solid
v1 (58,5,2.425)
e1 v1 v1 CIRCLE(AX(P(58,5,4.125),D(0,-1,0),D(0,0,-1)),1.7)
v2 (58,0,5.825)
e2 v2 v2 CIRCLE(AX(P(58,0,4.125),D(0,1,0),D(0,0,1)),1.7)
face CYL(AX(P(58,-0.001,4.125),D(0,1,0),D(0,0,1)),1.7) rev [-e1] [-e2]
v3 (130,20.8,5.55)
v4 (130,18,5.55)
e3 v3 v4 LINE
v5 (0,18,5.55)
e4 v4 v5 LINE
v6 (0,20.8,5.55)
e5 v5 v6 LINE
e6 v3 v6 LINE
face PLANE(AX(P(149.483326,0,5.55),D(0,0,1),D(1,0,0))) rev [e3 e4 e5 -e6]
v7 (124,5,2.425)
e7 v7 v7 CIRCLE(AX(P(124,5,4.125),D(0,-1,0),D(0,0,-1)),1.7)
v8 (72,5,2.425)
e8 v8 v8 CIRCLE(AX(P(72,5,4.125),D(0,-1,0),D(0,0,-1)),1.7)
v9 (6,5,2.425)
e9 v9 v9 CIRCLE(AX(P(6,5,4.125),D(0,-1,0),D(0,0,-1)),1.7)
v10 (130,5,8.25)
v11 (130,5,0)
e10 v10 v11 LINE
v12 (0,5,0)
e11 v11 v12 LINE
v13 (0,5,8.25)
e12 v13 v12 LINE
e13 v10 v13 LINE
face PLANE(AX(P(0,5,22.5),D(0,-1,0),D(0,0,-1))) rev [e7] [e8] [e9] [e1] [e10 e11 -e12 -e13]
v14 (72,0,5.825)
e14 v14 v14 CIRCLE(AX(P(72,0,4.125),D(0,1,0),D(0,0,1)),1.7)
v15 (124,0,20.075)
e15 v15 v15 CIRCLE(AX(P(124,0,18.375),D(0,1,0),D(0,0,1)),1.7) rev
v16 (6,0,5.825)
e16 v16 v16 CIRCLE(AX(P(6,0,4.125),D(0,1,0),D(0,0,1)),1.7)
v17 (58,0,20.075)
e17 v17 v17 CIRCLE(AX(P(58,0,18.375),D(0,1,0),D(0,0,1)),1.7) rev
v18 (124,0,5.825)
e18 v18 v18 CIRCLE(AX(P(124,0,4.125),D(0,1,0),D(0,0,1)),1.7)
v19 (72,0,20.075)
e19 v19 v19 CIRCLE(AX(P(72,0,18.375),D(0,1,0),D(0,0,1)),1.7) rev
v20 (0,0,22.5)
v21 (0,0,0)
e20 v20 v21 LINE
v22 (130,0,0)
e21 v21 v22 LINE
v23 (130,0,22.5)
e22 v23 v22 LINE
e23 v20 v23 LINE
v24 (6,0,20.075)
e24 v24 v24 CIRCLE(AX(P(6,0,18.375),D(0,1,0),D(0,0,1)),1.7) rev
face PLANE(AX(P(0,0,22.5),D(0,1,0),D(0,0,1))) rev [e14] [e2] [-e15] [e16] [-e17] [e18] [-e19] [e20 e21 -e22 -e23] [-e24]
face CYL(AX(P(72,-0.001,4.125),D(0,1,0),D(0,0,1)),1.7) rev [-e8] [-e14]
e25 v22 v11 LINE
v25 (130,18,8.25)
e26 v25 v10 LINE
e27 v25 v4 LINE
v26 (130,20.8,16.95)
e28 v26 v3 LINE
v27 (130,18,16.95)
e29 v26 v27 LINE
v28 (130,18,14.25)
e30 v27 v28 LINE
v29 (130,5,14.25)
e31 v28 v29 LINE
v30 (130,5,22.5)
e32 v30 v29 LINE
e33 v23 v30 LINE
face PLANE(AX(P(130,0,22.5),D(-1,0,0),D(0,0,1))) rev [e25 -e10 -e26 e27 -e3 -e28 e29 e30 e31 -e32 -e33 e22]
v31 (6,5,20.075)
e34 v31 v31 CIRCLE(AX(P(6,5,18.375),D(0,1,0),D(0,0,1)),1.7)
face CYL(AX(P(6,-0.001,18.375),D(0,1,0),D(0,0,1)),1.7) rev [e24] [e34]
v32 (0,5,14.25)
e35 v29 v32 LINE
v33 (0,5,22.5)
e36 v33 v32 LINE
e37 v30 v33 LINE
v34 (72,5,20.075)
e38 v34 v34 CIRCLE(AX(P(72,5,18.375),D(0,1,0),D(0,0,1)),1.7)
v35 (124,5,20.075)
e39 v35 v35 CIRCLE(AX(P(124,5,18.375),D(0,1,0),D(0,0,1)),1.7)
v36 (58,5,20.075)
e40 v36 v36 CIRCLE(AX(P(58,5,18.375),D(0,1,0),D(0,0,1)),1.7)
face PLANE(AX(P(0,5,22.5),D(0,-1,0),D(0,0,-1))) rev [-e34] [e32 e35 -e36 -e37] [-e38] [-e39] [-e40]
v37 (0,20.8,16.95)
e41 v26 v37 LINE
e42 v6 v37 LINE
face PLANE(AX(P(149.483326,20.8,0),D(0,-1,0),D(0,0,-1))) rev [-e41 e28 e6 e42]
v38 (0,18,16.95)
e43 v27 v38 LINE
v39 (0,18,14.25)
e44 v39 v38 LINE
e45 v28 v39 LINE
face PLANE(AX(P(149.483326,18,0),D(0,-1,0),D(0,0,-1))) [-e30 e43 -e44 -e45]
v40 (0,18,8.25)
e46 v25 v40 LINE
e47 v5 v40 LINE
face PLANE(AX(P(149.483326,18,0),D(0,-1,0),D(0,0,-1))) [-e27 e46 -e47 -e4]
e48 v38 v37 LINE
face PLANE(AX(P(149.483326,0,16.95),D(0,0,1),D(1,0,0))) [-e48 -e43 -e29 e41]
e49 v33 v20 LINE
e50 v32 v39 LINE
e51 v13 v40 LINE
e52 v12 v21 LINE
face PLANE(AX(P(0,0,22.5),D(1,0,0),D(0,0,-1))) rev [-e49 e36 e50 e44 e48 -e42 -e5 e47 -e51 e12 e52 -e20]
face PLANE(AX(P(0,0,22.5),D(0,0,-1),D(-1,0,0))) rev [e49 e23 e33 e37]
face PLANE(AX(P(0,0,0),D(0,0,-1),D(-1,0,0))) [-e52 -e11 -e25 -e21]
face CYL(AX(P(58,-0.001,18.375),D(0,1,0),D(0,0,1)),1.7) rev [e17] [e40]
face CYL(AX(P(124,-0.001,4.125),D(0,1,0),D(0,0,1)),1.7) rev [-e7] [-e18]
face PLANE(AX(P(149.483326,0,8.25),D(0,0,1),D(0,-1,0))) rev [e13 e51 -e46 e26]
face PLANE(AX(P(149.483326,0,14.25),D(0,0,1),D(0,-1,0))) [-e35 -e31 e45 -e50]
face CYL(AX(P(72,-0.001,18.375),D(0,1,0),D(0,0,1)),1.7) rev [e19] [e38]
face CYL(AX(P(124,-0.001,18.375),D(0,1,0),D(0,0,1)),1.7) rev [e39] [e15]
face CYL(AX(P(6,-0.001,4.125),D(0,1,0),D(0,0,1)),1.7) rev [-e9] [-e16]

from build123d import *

# Parameters (mm, degrees)
SKETCH1_W           = 130
SKETCH1_H           = 5
BOSS_EXTRUDE1_DEPTH = 22.5
SKETCH3_W           = 3
SKETCH3_H           = 3
SKETCH3_H_2         = 10
BOSS_EXTRUDE2_DEPTH = 130
CUT_EXTRUDE1_REACH  = 134.875
SKETCH4_R           = 1.7


with BuildPart() as part:
    # Sketch1 → Boss-Extrude1 (new body)
    with BuildSketch(Plane.XY):
        with Locations((65, 2.5)):
            Rectangle(SKETCH1_W, SKETCH1_H)
    extrude(amount=BOSS_EXTRUDE1_DEPTH)

    # Sketch3 → Boss-Extrude2 (add)
    with BuildSketch(Plane.ZY):
        Polygon((11.25, 18), (14.25, 18), (16.95, 18), (16.95, 20.8), (11.25, 20.8), align=None)
        Polygon((8.25, 18), (11.25, 18), (11.25, 20.8), (5.55, 20.8), (5.55, 18), align=None)
        with Locations((9.75, 16.5)):
            Rectangle(SKETCH3_W, SKETCH3_H)
        with Locations((12.75, 16.5)):
            Rectangle(SKETCH3_W, SKETCH3_H)
        with Locations((12.75, 10)):
            Rectangle(SKETCH3_W, SKETCH3_H_2)
        with Locations((9.75, 10)):
            Rectangle(SKETCH3_W, SKETCH3_H_2)
    extrude(amount=-BOSS_EXTRUDE2_DEPTH)

    # Sketch4 → Cut-Extrude1 (cut, up to next)
    with BuildSketch(Plane(origin=(0, 5, 0), x_dir=(1, 0, 0), z_dir=(0, 1, 0)), mode=Mode.PRIVATE) as cut_extrude1_sk1:
        with Locations(Location((6, -18.375, 0), (0, 0, 270))):
            Circle(SKETCH4_R)
    cut_extrude1_tool1 = extrude(cut_extrude1_sk1.sketch, amount=-CUT_EXTRUDE1_REACH, mode=Mode.PRIVATE) & part.part
    # Sketch4 → Cut-Extrude1 (cut, up to next)
    with BuildSketch(Plane(origin=(0, 5, 0), x_dir=(1, 0, 0), z_dir=(0, 1, 0)), mode=Mode.PRIVATE) as cut_extrude1_sk2:
        with Locations(Location((58, -18.375, 0), (0, 0, 270))):
            Circle(SKETCH4_R)
    cut_extrude1_tool2 = extrude(cut_extrude1_sk2.sketch, amount=-CUT_EXTRUDE1_REACH, mode=Mode.PRIVATE) & part.part
    # Sketch4 → Cut-Extrude1 (cut, up to next)
    with BuildSketch(Plane(origin=(0, 5, 0), x_dir=(1, 0, 0), z_dir=(0, 1, 0)), mode=Mode.PRIVATE) as cut_extrude1_sk3:
        with Locations(Location((72, -18.375, 0), (0, 0, 270))):
            Circle(SKETCH4_R)
    cut_extrude1_tool3 = extrude(cut_extrude1_sk3.sketch, amount=-CUT_EXTRUDE1_REACH, mode=Mode.PRIVATE) & part.part
    # Sketch4 → Cut-Extrude1 (cut, up to next)
    with BuildSketch(Plane(origin=(0, 5, 0), x_dir=(1, 0, 0), z_dir=(0, 1, 0)), mode=Mode.PRIVATE) as cut_extrude1_sk4:
        with Locations(Location((124, -18.375, 0), (0, 0, 270))):
            Circle(SKETCH4_R)
    cut_extrude1_tool4 = extrude(cut_extrude1_sk4.sketch, amount=-CUT_EXTRUDE1_REACH, mode=Mode.PRIVATE) & part.part
    # Sketch4 → Cut-Extrude1 (cut, up to next)
    with BuildSketch(Plane(origin=(0, 5, 0), x_dir=(1, 0, 0), z_dir=(0, 1, 0)), mode=Mode.PRIVATE) as cut_extrude1_sk5:
        with Locations(Location((124, -4.125, 0), (0, 0, 270))):
            Circle(SKETCH4_R)
    cut_extrude1_tool5 = extrude(cut_extrude1_sk5.sketch, amount=-CUT_EXTRUDE1_REACH, mode=Mode.PRIVATE) & part.part
    # Sketch4 → Cut-Extrude1 (cut, up to next)
    with BuildSketch(Plane(origin=(0, 5, 0), x_dir=(1, 0, 0), z_dir=(0, 1, 0)), mode=Mode.PRIVATE) as cut_extrude1_sk6:
        with Locations(Location((72, -4.125, 0), (0, 0, 270))):
            Circle(SKETCH4_R)
    cut_extrude1_tool6 = extrude(cut_extrude1_sk6.sketch, amount=-CUT_EXTRUDE1_REACH, mode=Mode.PRIVATE) & part.part
    # Sketch4 → Cut-Extrude1 (cut, up to next)
    with BuildSketch(Plane(origin=(0, 5, 0), x_dir=(1, 0, 0), z_dir=(0, 1, 0)), mode=Mode.PRIVATE) as cut_extrude1_sk7:
        with Locations(Location((58, -4.125, 0), (0, 0, 270))):
            Circle(SKETCH4_R)
    cut_extrude1_tool7 = extrude(cut_extrude1_sk7.sketch, amount=-CUT_EXTRUDE1_REACH, mode=Mode.PRIVATE) & part.part
    # Sketch4 → Cut-Extrude1 (cut, up to next)
    with BuildSketch(Plane(origin=(0, 5, 0), x_dir=(1, 0, 0), z_dir=(0, 1, 0)), mode=Mode.PRIVATE) as cut_extrude1_sk8:
        with Locations(Location((6, -4.125, 0), (0, 0, 270))):
            Circle(SKETCH4_R)
    cut_extrude1_tool8 = extrude(cut_extrude1_sk8.sketch, amount=-CUT_EXTRUDE1_REACH, mode=Mode.PRIVATE) & part.part
    add(cut_extrude1_tool1.solids().sort_by_distance((6, 5, 18.375))[0], mode=Mode.SUBTRACT)
    add(cut_extrude1_tool2.solids().sort_by_distance((58, 5, 18.375))[0], mode=Mode.SUBTRACT)
    add(cut_extrude1_tool3.solids().sort_by_distance((72, 5, 18.375))[0], mode=Mode.SUBTRACT)
    add(cut_extrude1_tool4.solids().sort_by_distance((124, 5, 18.375))[0], mode=Mode.SUBTRACT)
    add(cut_extrude1_tool5.solids().sort_by_distance((124, 5, 4.125))[0], mode=Mode.SUBTRACT)
    add(cut_extrude1_tool6.solids().sort_by_distance((72, 5, 4.125))[0], mode=Mode.SUBTRACT)
    add(cut_extrude1_tool7.solids().sort_by_distance((58, 5, 4.125))[0], mode=Mode.SUBTRACT)
    add(cut_extrude1_tool8.solids().sort_by_distance((6, 5, 4.125))[0], mode=Mode.SUBTRACT)


solid = part.part
